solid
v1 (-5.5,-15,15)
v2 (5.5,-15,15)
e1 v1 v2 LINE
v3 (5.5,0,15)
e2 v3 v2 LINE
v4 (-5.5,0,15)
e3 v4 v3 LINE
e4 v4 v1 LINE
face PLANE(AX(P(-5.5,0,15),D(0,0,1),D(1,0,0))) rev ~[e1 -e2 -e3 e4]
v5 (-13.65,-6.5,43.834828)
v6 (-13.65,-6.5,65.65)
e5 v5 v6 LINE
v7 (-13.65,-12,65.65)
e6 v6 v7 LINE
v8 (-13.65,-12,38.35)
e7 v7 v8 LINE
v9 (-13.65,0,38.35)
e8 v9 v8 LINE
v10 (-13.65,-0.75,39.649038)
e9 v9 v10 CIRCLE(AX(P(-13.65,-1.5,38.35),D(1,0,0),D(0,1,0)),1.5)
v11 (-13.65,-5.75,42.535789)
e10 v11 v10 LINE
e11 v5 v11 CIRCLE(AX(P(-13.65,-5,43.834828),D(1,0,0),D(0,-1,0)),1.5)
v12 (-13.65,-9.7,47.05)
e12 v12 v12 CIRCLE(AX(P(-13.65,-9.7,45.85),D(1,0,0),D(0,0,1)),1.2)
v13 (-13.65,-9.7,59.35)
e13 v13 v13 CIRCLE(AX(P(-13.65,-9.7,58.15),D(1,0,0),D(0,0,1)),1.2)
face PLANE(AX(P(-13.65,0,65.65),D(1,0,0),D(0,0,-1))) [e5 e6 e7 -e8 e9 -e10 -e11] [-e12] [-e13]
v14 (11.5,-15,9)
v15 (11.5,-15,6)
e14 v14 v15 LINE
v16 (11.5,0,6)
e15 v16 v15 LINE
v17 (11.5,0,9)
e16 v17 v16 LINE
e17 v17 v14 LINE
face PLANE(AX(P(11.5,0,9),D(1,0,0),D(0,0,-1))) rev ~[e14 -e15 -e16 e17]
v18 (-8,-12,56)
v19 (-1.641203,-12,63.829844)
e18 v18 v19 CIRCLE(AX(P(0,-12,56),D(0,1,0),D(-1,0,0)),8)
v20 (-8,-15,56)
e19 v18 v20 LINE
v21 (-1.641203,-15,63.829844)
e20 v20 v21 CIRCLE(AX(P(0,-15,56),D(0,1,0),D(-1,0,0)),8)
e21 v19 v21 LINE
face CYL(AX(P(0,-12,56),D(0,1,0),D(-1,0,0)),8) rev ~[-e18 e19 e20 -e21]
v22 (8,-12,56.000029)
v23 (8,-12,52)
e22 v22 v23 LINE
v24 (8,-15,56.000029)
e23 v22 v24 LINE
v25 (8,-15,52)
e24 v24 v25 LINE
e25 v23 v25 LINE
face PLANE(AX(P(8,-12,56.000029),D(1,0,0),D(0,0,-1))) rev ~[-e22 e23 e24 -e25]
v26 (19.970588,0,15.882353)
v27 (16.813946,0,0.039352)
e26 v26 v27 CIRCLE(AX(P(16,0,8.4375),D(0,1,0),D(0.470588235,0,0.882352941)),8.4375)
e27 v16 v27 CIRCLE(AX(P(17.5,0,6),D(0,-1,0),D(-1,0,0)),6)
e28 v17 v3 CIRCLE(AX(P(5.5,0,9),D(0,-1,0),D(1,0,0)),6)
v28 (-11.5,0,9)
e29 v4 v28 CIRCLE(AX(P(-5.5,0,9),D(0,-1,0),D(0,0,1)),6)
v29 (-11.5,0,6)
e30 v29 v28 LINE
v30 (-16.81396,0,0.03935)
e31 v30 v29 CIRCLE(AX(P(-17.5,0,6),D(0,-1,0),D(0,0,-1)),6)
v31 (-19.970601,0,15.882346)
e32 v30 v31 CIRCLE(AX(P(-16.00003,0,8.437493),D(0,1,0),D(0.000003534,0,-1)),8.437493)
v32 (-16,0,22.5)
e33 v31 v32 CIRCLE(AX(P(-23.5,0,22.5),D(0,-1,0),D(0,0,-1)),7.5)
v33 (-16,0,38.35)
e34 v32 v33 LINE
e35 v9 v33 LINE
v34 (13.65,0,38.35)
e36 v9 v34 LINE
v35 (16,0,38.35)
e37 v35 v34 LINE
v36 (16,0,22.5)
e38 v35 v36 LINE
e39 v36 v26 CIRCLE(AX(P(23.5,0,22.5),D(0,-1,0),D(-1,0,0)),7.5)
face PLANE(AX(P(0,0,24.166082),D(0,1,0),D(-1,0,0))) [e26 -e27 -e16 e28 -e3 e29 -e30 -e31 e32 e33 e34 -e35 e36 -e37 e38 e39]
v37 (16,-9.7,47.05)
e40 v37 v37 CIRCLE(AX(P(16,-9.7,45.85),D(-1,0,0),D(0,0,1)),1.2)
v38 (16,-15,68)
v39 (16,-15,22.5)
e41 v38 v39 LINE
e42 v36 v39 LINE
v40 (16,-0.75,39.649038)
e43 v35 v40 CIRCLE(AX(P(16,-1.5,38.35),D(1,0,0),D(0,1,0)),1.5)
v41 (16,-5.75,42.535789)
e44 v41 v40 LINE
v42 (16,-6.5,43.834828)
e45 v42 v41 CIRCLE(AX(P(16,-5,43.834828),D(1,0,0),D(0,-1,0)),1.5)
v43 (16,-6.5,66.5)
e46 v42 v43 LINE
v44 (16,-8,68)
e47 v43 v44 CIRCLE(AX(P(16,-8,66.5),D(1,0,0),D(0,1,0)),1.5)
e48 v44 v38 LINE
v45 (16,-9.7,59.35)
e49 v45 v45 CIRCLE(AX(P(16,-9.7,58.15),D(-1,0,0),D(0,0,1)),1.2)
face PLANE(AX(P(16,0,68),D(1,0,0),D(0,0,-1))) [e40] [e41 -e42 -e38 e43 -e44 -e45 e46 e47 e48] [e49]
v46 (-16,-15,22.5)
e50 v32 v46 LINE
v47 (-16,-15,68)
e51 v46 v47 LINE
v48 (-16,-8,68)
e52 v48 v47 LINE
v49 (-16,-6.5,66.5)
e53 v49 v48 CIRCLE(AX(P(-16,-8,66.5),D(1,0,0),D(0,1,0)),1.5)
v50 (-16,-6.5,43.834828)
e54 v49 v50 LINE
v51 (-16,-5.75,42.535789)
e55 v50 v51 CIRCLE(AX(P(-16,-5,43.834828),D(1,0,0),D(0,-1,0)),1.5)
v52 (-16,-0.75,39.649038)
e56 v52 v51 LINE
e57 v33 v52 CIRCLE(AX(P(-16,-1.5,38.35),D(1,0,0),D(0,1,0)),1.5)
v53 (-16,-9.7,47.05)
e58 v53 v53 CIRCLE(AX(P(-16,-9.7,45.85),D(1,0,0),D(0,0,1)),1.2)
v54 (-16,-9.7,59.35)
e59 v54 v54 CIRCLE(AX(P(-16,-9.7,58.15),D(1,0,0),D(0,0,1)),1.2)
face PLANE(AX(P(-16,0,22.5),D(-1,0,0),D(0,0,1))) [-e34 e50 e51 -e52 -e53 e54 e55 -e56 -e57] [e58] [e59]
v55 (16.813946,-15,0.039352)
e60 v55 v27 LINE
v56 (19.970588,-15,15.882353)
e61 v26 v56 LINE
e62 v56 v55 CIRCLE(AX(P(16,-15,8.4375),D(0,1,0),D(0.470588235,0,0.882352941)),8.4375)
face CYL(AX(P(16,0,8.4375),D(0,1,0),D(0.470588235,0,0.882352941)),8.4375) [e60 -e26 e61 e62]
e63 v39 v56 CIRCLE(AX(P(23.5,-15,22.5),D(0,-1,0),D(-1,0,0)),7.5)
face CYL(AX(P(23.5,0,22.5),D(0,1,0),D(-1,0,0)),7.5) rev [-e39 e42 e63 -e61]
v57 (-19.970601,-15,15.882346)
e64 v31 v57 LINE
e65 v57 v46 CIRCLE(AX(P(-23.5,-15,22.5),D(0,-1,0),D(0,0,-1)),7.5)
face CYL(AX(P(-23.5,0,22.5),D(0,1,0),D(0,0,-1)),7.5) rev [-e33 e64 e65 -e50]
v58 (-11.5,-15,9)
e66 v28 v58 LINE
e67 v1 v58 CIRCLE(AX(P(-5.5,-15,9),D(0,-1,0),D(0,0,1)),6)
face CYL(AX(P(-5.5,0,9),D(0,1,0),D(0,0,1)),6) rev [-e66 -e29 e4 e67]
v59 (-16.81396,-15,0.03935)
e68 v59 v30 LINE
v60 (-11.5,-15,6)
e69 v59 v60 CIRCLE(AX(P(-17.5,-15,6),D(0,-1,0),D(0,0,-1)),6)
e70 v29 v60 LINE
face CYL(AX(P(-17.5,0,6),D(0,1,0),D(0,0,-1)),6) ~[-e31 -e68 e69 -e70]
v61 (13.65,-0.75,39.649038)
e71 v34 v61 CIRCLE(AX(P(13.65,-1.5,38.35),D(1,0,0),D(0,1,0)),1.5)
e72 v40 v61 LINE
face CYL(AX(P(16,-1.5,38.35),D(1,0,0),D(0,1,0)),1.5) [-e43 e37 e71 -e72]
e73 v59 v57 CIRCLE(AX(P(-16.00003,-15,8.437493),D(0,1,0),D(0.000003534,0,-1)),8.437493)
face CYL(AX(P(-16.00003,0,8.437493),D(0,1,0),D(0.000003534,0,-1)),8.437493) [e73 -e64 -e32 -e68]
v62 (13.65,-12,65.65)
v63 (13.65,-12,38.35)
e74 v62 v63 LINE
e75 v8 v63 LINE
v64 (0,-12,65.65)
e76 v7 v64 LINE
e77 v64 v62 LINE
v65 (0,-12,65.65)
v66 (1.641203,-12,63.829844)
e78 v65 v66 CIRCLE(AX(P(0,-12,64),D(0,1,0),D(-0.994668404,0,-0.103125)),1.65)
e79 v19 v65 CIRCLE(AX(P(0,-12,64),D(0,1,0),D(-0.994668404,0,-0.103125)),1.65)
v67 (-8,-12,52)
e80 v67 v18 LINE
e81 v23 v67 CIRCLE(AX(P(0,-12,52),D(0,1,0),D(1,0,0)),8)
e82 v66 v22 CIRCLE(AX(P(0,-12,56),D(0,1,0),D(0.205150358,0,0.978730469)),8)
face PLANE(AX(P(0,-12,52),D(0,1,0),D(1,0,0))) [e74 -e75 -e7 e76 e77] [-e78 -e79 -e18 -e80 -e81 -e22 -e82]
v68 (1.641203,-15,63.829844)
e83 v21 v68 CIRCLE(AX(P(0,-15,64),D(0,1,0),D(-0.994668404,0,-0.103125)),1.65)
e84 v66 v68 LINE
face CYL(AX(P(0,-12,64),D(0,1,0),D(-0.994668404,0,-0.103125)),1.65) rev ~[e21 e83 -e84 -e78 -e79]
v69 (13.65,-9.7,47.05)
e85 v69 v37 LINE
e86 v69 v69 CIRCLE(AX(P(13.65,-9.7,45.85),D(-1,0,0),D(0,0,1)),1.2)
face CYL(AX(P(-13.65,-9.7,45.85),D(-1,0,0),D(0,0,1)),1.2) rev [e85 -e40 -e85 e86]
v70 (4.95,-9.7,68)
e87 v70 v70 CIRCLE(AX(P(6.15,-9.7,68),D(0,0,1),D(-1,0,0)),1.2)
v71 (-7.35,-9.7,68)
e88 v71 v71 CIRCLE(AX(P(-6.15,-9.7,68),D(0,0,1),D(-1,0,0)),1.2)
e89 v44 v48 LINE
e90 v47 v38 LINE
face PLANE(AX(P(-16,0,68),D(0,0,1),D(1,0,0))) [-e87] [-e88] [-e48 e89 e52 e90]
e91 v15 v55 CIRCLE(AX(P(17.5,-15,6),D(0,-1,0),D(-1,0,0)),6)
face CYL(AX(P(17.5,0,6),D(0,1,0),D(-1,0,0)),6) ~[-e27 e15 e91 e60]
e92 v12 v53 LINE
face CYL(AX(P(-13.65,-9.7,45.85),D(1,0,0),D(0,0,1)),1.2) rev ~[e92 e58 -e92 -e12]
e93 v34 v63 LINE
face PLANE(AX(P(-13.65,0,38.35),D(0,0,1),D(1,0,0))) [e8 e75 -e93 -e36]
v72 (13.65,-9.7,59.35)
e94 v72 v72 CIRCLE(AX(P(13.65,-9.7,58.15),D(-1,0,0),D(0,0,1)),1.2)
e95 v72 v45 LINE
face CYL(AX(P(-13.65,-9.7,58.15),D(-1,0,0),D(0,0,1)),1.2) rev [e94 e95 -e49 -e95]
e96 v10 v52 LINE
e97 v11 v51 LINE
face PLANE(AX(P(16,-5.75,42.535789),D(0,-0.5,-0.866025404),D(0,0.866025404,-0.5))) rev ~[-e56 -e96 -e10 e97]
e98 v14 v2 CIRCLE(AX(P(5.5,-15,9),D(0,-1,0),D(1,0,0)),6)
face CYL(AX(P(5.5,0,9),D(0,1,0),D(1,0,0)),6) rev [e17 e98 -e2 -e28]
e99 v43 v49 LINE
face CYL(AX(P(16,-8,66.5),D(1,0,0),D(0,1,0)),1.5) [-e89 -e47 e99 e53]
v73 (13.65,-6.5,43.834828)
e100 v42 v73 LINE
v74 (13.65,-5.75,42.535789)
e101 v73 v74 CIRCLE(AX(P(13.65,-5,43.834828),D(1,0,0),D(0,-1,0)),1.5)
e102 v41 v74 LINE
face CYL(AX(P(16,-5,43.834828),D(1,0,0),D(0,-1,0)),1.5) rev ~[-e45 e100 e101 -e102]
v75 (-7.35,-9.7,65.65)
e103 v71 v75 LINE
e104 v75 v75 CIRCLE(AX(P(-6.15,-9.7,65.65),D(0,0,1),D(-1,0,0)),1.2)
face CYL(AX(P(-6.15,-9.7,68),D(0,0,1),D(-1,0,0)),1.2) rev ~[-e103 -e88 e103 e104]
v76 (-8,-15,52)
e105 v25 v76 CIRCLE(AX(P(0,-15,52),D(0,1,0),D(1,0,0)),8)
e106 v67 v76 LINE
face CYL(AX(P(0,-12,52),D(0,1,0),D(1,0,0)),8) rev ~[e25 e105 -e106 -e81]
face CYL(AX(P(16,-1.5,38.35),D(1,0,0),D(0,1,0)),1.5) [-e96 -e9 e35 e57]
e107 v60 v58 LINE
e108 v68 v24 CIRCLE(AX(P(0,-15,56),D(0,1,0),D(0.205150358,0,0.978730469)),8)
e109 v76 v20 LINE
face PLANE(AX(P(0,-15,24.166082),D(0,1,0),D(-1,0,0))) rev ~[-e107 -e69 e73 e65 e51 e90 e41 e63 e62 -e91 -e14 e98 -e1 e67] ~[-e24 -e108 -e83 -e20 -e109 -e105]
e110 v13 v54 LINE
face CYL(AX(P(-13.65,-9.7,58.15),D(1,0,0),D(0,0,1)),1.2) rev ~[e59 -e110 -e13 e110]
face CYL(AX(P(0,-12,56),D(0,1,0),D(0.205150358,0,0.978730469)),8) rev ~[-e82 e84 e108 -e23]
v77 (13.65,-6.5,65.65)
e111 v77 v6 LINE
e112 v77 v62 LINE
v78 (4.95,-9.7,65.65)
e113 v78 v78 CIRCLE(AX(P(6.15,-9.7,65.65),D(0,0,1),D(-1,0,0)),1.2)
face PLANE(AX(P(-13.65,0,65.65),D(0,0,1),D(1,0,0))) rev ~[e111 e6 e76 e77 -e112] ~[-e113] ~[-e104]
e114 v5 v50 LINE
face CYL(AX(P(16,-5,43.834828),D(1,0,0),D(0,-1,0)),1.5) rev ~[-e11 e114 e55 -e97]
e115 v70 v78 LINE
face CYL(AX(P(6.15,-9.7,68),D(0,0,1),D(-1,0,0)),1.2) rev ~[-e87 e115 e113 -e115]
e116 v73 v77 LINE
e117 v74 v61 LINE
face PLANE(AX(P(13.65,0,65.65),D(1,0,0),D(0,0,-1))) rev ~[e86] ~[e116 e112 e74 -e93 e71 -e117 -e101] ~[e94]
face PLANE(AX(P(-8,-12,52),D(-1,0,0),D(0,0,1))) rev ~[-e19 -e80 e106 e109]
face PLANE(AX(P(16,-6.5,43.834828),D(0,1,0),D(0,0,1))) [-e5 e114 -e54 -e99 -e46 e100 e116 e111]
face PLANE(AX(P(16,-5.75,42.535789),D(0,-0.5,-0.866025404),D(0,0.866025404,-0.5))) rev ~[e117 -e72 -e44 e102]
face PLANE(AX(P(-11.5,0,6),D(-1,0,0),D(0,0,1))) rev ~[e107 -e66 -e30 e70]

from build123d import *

# Parameters (mm, degrees)
PAD008_DEPTH         = 15
SKETCH021_W          = 27.3
SKETCH021_H          = 27.3
POCKET006_DEPTH      = 12
POCKET007_DEPTH      = 5
SKETCH023_R          = 3.3665
POCKET008_DEPTH      = 68.001
SKETCH024_R          = 1.2
POCKET009_DEPTH      = 2.35
SKETCH026_R          = 1.2
POCKET010_DEPTH      = 33.951
POCKET010_DEPTH_BACK = 61.251
POCKET011_DEPTH      = 63.601
POCKET015_DEPTH      = 15.001
POCKET016_DEPTH      = 15.001


with BuildPart() as part:
    # Sketch020 → Pad008 (new body)
    with BuildSketch(Plane.XZ):
        with BuildLine():
            Line((-47.6, 1.5), (-47.6, 13.5))
            ThreePointArc((-46.1, 15), (-47.1606601718, 14.5606601718), (-47.6, 13.5))
            Line((-46.1, 15), (-23.5, 15))
            ThreePointArc((-23.5, 15), (-18.1966991411, 17.1966991411), (-16, 22.5))
            Line((-16, 22.5), (-16, 68))
            Line((-16, 68), (16, 68))
            Line((16, 68), (16, 22.5))
            ThreePointArc((16, 22.5), (18.1966991411, 17.1966991411), (23.5, 15))
            Line((23.5, 15), (46.1, 15))
            ThreePointArc((47.6, 13.5), (47.1606601718, 14.5606601718), (46.1, 15))
            Line((47.6, 13.5), (47.6, 1.5))
            ThreePointArc((46.1, 0), (47.1606601718, 0.4393398282), (47.6, 1.5))
            Line((46.1, 0), (17.5, 0))
            ThreePointArc((11.5, 6), (13.2573593129, 1.7573593129), (17.5, 0))
            Line((11.5, 9), (11.5, 6))
            ThreePointArc((11.5, 9), (9.7426406871, 13.2426406871), (5.5, 15))
            Line((-5.5, 15), (5.5, 15))
            ThreePointArc((-5.5, 15), (-9.7426406871, 13.2426406871), (-11.5, 9))
            Line((-11.5, 6), (-11.5, 9))
            ThreePointArc((-17.5, 0), (-13.2573593129, 1.7573593129), (-11.5, 6))
            Line((-17.5, 0), (-46.1, 0))
            ThreePointArc((-47.6, 1.5), (-47.1606601718, 0.4393398282), (-46.1, 0))
        make_face()
    extrude(amount=PAD008_DEPTH)

    # Sketch021 (on Face23 of Pad008) → Pocket006 (cut)
    with BuildSketch(Plane(origin=(0, 0, 0), x_dir=(1, 0, 0), z_dir=(0, 1, 0))):
        with Locations((0, -52)):
            Rectangle(SKETCH021_W, SKETCH021_H)
    extrude(amount=-POCKET006_DEPTH, mode=Mode.SUBTRACT)

    # Sketch022 (on Face29 of Pocket006) → Pocket007 (cut)
    with BuildSketch(Plane(origin=(0, -12, 0), x_dir=(1, 0, 0), z_dir=(0, 1, 0))):
        with BuildLine():
            ThreePointArc((-8, -56.0000000001), (-6.2100572838, -61.0433310949), (-1.6412028669, -63.8298437501))
            ThreePointArc((-1.6412028669, -63.8298437501), (0, -65.65), (1.6412028669, -63.8298437501))
            ThreePointArc((1.6412028669, -63.8298437501), (6.2100482063, -61.0433422724), (7.9999999999, -56.0000287985))
            Line((7.9999999999, -56.0000287985), (7.9999999999, -52.0000000001))
            ThreePointArc((8, -52.0000000001), (0, -44.0000000001), (-8, -52.0000000001))
            Line((-8, -52.0000000001), (-8, -56.0000000001))
        make_face()
    extrude(amount=-POCKET007_DEPTH, mode=Mode.SUBTRACT)

    # Sketch023 (on Face22 of Pocket007) → Pocket008 (cut, through all)
    with BuildSketch(Plane(origin=(0, 0, 0), x_dir=(1, 0, 0), z_dir=(0, 0, -1))):
        with Locations((38.1, 7.5)):
            Circle(SKETCH023_R)
        with Locations((-38.1, 7.5)):
            Circle(SKETCH023_R)
    extrude(amount=-POCKET008_DEPTH, mode=Mode.SUBTRACT)

    # Sketch024 (on Face13 of Pocket008) → Pocket009 (cut)
    with BuildSketch(Plane(origin=(0, 0, 68), x_dir=(-1, 0, 0), z_dir=(0, 0, 1))):
        with Locations((-6.15, 9.7)):
            Circle(SKETCH024_R)
        with Locations((6.15, 9.7)):
            Circle(SKETCH024_R)
    extrude(amount=-POCKET009_DEPTH, mode=Mode.SUBTRACT)

    # Sketch026 (on Face27 of Pocket009) → Pocket010 (cut, two sides)
    with BuildSketch(Plane(origin=(-13.65, 0, 0), x_dir=(0, 0, 1), z_dir=(1, 0, 0))) as pocket010_sk:
        with Locations((45.85, 9.7)):
            Circle(SKETCH026_R)
        with Locations((58.15, 9.7)):
            Circle(SKETCH026_R)
    extrude(amount=-POCKET010_DEPTH, mode=Mode.SUBTRACT)
    extrude(pocket010_sk.sketch, amount=POCKET010_DEPTH_BACK, mode=Mode.SUBTRACT)

    # Sketch027 (on Face15 of Pocket010) → Pocket011 (cut, through all)
    with BuildSketch(Plane(origin=(16, 0, 0), x_dir=(0, 0, 1), z_dir=(1, 0, 0))):
        with BuildLine():
            ThreePointArc((66.5, 6.5), (67.5606601718, 6.9393398282), (68, 8))
            Line((68, 8), (68, 0))
            Line((68, 0), (38.35, 0))
            ThreePointArc((38.35, 0), (39.1, 0.2009618943), (39.6490381057, 0.75))
            Line((42.5357894517, 5.75), (39.6490381057, 0.75))
            ThreePointArc((43.8348275573, 6.5), (43.0848275573, 6.2990381057), (42.5357894517, 5.75))
            Line((43.8348275573, 6.5), (66.5, 6.5))
        make_face()
    extrude(amount=-POCKET011_DEPTH, mode=Mode.SUBTRACT)

    # Sketch033 (on Face4 of Pocket011) → Pocket015 (cut, through all)
    with BuildSketch(Plane(origin=(0, 0, 0), x_dir=(1, 0, 0), z_dir=(0, 1, 0))):
        with BuildLine():
            ThreePointArc((19.9705882353, -15.8823529412), (24.185577345, -6.3911056638), (16, 0))
            Line((51, 0), (16, 0))
            Line((51, -22.5), (51, 0))
            Line((16, -22.5), (51, -22.5))
            ThreePointArc((19.9705882353, -15.8823529412), (17.0688030572, -18.6412818343), (16, -22.5))
        make_face()
    extrude(amount=-POCKET015_DEPTH, mode=Mode.SUBTRACT)

    # Sketch034 (on Face4 of Pocket015) → Pocket016 (cut, through all)
    with BuildSketch(Plane(origin=(0, 0, 0), x_dir=(1, 0, 0), z_dir=(0, 1, 0))):
        with BuildLine():
            ThreePointArc((-16, -1e-10), (-24.1855982279, -6.3910932116), (-19.9706006156, -15.8823463383))
            ThreePointArc((-16, -22.5), (-17.0688066666, -18.6412758186), (-19.9706006156, -15.8823463384))
            Line((-16, -22.5), (-51, -22.5))
            Line((-51, -22.5), (-51, -1e-10))
            Line((-51, -1e-10), (-16, -1e-10))
        make_face()
    extrude(amount=-POCKET016_DEPTH, mode=Mode.SUBTRACT)


solid = part.part
